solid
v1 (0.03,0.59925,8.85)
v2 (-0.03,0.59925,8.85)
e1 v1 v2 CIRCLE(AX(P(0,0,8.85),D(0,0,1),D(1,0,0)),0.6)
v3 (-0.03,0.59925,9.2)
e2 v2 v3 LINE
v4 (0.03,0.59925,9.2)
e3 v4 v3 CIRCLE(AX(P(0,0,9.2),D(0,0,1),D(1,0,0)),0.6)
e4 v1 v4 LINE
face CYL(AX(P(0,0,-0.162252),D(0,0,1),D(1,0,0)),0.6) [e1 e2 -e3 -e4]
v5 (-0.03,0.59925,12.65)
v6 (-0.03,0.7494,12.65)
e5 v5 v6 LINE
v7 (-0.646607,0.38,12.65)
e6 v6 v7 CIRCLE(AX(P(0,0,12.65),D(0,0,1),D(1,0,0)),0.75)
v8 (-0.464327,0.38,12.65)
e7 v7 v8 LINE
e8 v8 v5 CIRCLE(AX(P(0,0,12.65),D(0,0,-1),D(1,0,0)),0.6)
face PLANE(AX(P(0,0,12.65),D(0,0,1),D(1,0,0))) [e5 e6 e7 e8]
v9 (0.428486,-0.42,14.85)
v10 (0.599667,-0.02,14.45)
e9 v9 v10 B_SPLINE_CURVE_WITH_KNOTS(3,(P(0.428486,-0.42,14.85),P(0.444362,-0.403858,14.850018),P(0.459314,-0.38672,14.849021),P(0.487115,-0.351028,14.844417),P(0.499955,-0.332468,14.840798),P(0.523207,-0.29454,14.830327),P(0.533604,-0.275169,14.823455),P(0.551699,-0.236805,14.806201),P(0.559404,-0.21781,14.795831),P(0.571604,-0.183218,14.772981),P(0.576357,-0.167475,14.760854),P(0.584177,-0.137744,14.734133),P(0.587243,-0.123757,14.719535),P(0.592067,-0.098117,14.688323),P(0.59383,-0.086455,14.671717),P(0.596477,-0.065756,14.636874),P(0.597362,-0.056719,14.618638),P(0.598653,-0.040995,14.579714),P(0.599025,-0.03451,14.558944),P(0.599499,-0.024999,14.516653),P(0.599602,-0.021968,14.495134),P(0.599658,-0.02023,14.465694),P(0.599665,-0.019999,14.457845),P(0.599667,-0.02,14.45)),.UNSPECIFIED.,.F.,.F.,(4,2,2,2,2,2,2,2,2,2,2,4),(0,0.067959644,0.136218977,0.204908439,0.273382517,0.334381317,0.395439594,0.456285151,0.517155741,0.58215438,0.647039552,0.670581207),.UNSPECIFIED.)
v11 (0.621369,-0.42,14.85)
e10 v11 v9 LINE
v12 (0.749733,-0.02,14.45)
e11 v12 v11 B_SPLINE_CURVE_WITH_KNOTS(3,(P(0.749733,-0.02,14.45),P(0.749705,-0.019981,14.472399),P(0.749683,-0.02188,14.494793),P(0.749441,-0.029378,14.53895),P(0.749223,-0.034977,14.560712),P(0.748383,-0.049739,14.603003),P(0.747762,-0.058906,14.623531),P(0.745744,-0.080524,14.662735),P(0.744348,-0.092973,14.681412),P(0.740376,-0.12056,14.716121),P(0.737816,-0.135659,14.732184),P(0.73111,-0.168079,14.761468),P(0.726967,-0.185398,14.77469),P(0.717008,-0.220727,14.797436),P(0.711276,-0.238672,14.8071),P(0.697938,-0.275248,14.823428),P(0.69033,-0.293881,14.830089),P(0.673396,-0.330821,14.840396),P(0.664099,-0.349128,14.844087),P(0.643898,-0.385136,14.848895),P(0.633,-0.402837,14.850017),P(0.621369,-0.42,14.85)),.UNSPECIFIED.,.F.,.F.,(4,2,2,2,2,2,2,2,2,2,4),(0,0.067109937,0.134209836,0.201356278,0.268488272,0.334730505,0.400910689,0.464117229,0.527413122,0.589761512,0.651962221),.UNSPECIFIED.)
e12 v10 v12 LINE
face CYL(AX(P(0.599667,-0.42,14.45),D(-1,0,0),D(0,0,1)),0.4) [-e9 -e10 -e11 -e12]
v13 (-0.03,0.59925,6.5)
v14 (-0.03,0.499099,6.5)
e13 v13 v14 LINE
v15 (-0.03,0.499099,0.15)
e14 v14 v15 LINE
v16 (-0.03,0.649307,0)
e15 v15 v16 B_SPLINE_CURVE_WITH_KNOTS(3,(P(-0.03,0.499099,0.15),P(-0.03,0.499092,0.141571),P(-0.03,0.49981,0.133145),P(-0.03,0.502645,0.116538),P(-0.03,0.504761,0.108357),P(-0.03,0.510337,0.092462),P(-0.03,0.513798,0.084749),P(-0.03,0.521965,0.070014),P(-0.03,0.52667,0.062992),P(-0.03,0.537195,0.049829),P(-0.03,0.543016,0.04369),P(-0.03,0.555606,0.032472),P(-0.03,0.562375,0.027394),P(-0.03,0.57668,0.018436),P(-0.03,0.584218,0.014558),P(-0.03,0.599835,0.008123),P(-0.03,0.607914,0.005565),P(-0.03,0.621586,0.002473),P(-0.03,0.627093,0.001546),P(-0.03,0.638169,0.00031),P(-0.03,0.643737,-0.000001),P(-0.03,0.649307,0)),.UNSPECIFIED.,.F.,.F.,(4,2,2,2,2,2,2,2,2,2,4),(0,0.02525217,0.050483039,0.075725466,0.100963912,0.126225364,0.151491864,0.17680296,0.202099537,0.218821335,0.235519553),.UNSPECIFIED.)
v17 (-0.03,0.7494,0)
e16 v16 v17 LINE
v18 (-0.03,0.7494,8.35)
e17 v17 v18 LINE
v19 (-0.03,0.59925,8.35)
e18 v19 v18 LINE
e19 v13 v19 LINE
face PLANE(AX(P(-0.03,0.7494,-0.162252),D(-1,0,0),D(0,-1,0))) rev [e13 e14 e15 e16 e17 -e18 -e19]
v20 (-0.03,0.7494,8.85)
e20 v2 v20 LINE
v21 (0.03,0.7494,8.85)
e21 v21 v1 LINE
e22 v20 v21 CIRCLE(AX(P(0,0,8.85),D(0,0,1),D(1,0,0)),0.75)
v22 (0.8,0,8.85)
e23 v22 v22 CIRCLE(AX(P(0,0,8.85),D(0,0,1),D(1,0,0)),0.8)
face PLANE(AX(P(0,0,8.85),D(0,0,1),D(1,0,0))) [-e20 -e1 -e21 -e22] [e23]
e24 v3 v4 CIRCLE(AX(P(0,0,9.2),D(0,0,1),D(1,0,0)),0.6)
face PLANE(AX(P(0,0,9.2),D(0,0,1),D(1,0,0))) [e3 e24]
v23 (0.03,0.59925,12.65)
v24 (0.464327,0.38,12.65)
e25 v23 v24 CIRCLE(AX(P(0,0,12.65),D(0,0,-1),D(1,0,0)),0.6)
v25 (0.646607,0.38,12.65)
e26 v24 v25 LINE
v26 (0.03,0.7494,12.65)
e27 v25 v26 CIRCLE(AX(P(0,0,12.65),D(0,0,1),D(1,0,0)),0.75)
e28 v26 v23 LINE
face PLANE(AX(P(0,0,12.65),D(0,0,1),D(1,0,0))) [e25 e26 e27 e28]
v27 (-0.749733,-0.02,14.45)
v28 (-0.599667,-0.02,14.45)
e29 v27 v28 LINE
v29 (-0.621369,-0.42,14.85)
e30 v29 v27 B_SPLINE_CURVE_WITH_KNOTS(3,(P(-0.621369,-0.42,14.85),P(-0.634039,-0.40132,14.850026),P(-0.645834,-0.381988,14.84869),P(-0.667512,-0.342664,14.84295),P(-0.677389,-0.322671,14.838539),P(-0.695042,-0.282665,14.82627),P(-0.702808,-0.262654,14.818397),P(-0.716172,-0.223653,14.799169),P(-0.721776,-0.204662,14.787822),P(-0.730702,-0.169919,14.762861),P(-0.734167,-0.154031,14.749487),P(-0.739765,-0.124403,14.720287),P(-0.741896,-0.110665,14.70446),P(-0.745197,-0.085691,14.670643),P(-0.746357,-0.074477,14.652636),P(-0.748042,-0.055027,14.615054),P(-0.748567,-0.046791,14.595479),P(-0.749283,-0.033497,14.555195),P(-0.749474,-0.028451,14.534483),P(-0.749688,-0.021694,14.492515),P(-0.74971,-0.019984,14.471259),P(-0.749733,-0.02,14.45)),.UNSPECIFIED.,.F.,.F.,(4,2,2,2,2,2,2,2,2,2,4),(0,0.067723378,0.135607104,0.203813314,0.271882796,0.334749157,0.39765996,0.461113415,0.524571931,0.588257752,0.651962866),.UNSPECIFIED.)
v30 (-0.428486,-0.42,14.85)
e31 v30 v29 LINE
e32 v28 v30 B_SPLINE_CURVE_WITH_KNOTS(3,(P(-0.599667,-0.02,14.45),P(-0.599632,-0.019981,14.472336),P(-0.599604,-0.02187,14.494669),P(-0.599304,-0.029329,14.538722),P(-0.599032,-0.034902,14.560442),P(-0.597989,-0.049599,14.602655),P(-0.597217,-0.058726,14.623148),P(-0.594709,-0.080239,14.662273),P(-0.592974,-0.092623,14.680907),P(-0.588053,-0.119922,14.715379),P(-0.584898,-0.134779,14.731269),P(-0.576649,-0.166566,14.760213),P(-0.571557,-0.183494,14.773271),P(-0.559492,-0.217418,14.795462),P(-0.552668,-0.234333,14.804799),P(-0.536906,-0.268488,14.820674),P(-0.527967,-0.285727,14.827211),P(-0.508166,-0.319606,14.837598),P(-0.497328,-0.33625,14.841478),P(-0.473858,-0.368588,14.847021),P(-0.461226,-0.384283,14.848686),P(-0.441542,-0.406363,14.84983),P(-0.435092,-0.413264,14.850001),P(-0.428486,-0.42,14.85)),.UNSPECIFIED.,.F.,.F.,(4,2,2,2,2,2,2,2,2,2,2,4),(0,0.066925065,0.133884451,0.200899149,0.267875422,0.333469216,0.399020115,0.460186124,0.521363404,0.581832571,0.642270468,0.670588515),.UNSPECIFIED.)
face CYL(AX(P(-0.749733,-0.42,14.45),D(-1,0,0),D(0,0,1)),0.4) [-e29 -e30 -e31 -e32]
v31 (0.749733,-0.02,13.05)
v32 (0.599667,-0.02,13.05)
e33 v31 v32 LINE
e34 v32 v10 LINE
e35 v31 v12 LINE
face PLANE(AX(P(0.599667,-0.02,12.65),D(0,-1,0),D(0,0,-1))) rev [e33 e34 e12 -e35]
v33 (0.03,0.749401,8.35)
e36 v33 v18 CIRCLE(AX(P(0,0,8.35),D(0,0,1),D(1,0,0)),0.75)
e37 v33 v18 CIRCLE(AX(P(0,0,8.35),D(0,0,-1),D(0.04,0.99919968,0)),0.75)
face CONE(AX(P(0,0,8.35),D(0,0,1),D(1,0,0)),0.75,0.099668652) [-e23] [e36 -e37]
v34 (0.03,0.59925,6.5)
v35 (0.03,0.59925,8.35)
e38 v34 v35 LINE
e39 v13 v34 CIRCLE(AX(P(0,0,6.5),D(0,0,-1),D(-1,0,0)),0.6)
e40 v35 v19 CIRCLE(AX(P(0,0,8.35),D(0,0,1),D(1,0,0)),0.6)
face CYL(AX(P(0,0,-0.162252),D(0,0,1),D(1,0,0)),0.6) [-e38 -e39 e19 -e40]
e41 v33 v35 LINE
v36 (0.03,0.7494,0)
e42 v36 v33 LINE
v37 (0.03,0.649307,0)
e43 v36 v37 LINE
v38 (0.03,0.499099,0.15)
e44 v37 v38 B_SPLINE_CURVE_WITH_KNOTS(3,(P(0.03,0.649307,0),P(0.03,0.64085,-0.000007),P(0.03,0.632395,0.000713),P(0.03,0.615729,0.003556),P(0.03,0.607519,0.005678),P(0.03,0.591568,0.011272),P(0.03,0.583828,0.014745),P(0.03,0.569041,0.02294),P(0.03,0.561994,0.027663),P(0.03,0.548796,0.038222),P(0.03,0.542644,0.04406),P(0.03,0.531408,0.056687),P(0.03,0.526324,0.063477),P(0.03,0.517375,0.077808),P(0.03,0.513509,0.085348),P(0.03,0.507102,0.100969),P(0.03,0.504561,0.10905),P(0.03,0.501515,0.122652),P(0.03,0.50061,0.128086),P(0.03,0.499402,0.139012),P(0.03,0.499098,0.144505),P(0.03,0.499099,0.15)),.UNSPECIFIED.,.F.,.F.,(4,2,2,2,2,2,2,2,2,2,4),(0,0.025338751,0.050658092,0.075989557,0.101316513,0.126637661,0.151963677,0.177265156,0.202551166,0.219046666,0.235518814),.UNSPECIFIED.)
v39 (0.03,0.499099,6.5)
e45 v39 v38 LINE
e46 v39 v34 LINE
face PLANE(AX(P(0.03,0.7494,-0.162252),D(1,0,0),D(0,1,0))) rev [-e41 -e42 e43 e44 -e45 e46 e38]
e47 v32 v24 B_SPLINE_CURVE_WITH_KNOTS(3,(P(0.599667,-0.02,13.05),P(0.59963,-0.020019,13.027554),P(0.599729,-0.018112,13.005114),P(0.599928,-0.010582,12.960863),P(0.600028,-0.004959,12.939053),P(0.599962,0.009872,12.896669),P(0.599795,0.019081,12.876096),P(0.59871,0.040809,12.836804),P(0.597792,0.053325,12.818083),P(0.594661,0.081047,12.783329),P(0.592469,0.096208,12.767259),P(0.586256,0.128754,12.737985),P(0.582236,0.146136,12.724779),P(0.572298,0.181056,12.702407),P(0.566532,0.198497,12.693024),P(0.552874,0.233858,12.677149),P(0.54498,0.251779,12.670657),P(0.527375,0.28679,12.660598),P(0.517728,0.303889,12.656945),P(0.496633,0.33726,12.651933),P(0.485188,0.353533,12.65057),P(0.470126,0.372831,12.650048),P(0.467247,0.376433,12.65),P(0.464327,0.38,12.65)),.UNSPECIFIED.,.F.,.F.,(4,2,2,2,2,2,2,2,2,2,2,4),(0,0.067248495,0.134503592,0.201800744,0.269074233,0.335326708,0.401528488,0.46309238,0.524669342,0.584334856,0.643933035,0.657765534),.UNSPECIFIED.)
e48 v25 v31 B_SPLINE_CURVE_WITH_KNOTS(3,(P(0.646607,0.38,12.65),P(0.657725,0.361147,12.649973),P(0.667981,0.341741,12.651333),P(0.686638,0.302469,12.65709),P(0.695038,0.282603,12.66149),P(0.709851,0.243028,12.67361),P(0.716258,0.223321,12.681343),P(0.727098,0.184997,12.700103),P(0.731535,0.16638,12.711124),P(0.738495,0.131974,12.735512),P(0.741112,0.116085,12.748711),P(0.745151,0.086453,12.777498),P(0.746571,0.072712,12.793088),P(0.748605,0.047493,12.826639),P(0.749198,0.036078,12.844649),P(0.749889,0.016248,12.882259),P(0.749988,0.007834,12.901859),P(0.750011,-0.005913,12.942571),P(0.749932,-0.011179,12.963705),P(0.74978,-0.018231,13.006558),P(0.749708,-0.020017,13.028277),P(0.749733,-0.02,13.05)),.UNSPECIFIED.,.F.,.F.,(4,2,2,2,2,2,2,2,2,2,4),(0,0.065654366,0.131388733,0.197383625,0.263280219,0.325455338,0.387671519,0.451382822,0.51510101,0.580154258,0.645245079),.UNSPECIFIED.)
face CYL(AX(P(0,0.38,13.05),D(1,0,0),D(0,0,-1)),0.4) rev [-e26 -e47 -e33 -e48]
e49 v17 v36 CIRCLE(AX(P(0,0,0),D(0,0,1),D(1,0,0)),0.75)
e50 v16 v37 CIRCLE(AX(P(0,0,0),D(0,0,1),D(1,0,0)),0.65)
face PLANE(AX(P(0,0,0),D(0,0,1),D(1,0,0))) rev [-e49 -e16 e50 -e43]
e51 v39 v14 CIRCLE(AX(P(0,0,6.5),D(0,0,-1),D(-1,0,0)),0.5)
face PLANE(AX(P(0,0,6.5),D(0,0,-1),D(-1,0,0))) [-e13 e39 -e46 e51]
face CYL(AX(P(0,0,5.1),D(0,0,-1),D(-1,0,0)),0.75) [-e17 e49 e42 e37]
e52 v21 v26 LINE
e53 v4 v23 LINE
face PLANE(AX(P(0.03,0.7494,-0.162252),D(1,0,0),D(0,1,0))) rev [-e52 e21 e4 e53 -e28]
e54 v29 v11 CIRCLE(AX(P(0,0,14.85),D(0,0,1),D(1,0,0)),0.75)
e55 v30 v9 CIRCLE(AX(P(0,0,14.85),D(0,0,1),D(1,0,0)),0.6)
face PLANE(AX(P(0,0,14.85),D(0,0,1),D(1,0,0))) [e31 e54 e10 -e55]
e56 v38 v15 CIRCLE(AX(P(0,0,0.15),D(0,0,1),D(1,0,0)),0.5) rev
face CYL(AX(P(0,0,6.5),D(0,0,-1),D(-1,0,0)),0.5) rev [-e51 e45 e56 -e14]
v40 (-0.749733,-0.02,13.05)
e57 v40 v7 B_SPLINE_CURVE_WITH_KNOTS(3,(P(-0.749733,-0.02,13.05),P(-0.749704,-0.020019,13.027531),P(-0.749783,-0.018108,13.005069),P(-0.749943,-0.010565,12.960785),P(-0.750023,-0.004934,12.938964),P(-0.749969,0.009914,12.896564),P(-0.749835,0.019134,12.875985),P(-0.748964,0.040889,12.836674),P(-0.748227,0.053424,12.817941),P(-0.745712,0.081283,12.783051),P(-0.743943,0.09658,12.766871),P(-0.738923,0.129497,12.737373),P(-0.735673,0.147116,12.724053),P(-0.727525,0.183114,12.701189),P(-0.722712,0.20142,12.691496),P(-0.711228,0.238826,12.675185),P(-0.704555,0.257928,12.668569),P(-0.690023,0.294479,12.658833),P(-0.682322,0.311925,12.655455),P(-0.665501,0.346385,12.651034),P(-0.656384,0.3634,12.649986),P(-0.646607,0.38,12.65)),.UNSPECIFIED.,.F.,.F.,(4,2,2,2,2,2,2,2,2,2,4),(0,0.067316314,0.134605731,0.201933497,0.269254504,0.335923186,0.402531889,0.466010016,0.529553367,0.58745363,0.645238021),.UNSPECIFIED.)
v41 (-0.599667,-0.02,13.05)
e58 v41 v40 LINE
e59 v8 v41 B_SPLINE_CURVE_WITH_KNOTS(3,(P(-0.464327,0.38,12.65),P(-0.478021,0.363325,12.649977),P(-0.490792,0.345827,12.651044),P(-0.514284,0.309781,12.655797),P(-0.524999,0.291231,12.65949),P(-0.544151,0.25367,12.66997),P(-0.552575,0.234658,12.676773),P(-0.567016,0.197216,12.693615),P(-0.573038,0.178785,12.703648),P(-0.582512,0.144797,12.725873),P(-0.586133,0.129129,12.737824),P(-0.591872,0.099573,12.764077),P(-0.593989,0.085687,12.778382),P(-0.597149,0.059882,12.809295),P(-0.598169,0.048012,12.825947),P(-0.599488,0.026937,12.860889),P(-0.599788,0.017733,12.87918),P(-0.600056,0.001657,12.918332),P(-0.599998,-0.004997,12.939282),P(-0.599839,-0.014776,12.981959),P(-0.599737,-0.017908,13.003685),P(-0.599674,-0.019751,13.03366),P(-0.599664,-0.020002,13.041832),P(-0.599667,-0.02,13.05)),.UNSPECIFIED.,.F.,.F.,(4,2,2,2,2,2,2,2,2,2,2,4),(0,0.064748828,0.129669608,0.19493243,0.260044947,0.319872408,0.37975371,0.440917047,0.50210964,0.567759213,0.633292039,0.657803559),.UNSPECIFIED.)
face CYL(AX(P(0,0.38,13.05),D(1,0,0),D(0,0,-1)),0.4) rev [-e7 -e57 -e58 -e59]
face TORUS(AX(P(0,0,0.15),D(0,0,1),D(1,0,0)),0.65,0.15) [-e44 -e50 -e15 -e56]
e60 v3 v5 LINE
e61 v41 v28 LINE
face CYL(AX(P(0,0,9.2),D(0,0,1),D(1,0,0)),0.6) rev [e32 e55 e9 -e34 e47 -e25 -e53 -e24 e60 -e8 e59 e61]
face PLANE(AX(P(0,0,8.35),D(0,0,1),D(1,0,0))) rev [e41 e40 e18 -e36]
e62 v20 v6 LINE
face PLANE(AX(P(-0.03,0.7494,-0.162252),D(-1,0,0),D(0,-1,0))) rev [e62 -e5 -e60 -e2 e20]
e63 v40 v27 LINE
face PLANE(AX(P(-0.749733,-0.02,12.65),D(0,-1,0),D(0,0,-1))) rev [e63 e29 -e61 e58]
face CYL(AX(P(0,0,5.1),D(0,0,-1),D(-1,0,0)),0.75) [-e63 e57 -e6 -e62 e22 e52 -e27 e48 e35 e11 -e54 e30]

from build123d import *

# Parameters (mm, degrees)
SKETCH1_R           = 0.75
BOSS_EXTRUDE1_DEPTH = 5.1
SKETCH8_R           = 0.75
BOSS_EXTRUDE2_DEPTH = 1.75
SKETCH9_R           = 0.75
BOSS_EXTRUDE3_DEPTH = 8
SKETCH10_R          = 0.6
CUT_EXTRUDE7_DEPTH  = 5.65
SKETCH11_R          = 0.5
CUT_EXTRUDE8_DEPTH  = 6.5
CUT_EXTRUDE9_DEPTH  = 14.85
CUT_EXTRUDE10_DEPTH = 6.5
FILLET2_R           = 0.15
CUT_EXTRUDE11_DEPTH = 2.2
FILLET3_R           = 0.4
SKETCH17_R          = 0.75
SKETCH16_R          = 0.8


with BuildPart() as part:
    # Sketch1 → Boss-Extrude1 (new body)
    with BuildSketch(Plane.XY):
        Circle(SKETCH1_R)
    extrude(amount=BOSS_EXTRUDE1_DEPTH)

    # Sketch8 → Boss-Extrude2 (add)
    with BuildSketch(Plane.XY.offset(5.1)):
        Circle(SKETCH8_R)
    extrude(amount=BOSS_EXTRUDE2_DEPTH)

    # Sketch9 → Boss-Extrude3 (add)
    with BuildSketch(Plane.XY.offset(6.85)):
        Circle(SKETCH9_R)
    extrude(amount=BOSS_EXTRUDE3_DEPTH)

    # Sketch10 → Cut-Extrude7 (cut)
    with BuildSketch(Plane.XY.offset(14.85)):
        Circle(SKETCH10_R)
    extrude(amount=-CUT_EXTRUDE7_DEPTH, mode=Mode.SUBTRACT)

    # Sketch11 → Cut-Extrude8 (cut)
    with BuildSketch(Plane(origin=(0, 0, 0), x_dir=(-1, 0, 0), z_dir=(0, 0, -1))):
        Circle(SKETCH11_R)
    extrude(amount=-CUT_EXTRUDE8_DEPTH, mode=Mode.SUBTRACT)

    # Sketch12 → Cut-Extrude9 (cut)
    with BuildSketch(Plane.XY.offset(14.85)):
        with BuildLine():
            Line((-0.03, 0.74939976), (-0.03, 0.599249531))
            ThreePointArc((-0.03, 0.599249531), (0, 0.6), (0.03, 0.599249531))
            Line((0.03, 0.599249531), (0.03, 0.74939976))
            ThreePointArc((0.03, 0.74939976), (0, 0.75), (-0.03, 0.74939976))
        make_face()
    extrude(amount=-CUT_EXTRUDE9_DEPTH, mode=Mode.SUBTRACT)

    # Sketch14 → Cut-Extrude10 (cut)
    with BuildSketch(Plane(origin=(0, 0, 0), x_dir=(-1, 0, 0), z_dir=(0, 0, -1))):
        with BuildLine():
            Line((-0.03, 0.74939976), (-0.03, 0.499099189))
            ThreePointArc((-0.03, 0.499099189), (0, 0.5), (0.03, 0.499099189))
            Line((0.03, 0.499099189), (0.03, 0.74939976))
            ThreePointArc((0.03, 0.74939976), (0, 0.75), (-0.03, 0.74939976))
        make_face()
    extrude(amount=-CUT_EXTRUDE10_DEPTH, mode=Mode.SUBTRACT)

    # Fillet2
    fillet2_edges = [part.edges().sort_by_distance(p)[0] for p in [
        (0.34278273, -0.364005494, 0),
    ]]
    fillet(fillet2_edges, radius=FILLET2_R)

    # Sketch15 → Cut-Extrude11 (cut)
    with BuildSketch(Plane.XY.offset(14.85)):
        with BuildLine():
            Line((-0.749733286, -0.02), (-0.599666574, -0.02))
            ThreePointArc((-0.599666574, -0.02), (-0.441573883, 0.406217314), (-0.03, 0.599249531))
            Line((-0.03, 0.599249531), (-0.03, 0.74939976))
            ThreePointArc((-0.03, 0.74939976), (-0.547713426, 0.5123573), (-0.749733286, -0.02))
        make_face()
        with BuildLine():
            Line((0.03, 0.599249531), (0.03, 0.74939976))
            ThreePointArc((0.03, 0.74939976), (0.547713426, 0.5123573), (0.749733286, -0.02))
            Line((0.749733286, -0.02), (0.599666574, -0.02))
            ThreePointArc((0.599666574, -0.02), (0.441573883, 0.406217314), (0.03, 0.599249531))
        make_face()
    extrude(amount=-CUT_EXTRUDE11_DEPTH, mode=Mode.SUBTRACT)

    # Fillet3
    fillet3_edges = [part.edges().sort_by_distance(p)[0] for p in [
        (-0.67469993, -0.02, 12.65),
        (-0.67469993, -0.02, 14.85),
        (0.67469993, -0.02, 12.65),
        (0.67469993, -0.02, 14.85),
    ]]
    fillet(fillet3_edges, radius=FILLET3_R)

    # Sketch17 → Loft1 section 0
    with BuildSketch(Plane.XY.offset(8.35)):
        Circle(SKETCH17_R)
    # Sketch16 → Loft1 section 1
    with BuildSketch(Plane.XY.offset(8.85)):
        Circle(SKETCH16_R)
    loft()


solid = part.part
